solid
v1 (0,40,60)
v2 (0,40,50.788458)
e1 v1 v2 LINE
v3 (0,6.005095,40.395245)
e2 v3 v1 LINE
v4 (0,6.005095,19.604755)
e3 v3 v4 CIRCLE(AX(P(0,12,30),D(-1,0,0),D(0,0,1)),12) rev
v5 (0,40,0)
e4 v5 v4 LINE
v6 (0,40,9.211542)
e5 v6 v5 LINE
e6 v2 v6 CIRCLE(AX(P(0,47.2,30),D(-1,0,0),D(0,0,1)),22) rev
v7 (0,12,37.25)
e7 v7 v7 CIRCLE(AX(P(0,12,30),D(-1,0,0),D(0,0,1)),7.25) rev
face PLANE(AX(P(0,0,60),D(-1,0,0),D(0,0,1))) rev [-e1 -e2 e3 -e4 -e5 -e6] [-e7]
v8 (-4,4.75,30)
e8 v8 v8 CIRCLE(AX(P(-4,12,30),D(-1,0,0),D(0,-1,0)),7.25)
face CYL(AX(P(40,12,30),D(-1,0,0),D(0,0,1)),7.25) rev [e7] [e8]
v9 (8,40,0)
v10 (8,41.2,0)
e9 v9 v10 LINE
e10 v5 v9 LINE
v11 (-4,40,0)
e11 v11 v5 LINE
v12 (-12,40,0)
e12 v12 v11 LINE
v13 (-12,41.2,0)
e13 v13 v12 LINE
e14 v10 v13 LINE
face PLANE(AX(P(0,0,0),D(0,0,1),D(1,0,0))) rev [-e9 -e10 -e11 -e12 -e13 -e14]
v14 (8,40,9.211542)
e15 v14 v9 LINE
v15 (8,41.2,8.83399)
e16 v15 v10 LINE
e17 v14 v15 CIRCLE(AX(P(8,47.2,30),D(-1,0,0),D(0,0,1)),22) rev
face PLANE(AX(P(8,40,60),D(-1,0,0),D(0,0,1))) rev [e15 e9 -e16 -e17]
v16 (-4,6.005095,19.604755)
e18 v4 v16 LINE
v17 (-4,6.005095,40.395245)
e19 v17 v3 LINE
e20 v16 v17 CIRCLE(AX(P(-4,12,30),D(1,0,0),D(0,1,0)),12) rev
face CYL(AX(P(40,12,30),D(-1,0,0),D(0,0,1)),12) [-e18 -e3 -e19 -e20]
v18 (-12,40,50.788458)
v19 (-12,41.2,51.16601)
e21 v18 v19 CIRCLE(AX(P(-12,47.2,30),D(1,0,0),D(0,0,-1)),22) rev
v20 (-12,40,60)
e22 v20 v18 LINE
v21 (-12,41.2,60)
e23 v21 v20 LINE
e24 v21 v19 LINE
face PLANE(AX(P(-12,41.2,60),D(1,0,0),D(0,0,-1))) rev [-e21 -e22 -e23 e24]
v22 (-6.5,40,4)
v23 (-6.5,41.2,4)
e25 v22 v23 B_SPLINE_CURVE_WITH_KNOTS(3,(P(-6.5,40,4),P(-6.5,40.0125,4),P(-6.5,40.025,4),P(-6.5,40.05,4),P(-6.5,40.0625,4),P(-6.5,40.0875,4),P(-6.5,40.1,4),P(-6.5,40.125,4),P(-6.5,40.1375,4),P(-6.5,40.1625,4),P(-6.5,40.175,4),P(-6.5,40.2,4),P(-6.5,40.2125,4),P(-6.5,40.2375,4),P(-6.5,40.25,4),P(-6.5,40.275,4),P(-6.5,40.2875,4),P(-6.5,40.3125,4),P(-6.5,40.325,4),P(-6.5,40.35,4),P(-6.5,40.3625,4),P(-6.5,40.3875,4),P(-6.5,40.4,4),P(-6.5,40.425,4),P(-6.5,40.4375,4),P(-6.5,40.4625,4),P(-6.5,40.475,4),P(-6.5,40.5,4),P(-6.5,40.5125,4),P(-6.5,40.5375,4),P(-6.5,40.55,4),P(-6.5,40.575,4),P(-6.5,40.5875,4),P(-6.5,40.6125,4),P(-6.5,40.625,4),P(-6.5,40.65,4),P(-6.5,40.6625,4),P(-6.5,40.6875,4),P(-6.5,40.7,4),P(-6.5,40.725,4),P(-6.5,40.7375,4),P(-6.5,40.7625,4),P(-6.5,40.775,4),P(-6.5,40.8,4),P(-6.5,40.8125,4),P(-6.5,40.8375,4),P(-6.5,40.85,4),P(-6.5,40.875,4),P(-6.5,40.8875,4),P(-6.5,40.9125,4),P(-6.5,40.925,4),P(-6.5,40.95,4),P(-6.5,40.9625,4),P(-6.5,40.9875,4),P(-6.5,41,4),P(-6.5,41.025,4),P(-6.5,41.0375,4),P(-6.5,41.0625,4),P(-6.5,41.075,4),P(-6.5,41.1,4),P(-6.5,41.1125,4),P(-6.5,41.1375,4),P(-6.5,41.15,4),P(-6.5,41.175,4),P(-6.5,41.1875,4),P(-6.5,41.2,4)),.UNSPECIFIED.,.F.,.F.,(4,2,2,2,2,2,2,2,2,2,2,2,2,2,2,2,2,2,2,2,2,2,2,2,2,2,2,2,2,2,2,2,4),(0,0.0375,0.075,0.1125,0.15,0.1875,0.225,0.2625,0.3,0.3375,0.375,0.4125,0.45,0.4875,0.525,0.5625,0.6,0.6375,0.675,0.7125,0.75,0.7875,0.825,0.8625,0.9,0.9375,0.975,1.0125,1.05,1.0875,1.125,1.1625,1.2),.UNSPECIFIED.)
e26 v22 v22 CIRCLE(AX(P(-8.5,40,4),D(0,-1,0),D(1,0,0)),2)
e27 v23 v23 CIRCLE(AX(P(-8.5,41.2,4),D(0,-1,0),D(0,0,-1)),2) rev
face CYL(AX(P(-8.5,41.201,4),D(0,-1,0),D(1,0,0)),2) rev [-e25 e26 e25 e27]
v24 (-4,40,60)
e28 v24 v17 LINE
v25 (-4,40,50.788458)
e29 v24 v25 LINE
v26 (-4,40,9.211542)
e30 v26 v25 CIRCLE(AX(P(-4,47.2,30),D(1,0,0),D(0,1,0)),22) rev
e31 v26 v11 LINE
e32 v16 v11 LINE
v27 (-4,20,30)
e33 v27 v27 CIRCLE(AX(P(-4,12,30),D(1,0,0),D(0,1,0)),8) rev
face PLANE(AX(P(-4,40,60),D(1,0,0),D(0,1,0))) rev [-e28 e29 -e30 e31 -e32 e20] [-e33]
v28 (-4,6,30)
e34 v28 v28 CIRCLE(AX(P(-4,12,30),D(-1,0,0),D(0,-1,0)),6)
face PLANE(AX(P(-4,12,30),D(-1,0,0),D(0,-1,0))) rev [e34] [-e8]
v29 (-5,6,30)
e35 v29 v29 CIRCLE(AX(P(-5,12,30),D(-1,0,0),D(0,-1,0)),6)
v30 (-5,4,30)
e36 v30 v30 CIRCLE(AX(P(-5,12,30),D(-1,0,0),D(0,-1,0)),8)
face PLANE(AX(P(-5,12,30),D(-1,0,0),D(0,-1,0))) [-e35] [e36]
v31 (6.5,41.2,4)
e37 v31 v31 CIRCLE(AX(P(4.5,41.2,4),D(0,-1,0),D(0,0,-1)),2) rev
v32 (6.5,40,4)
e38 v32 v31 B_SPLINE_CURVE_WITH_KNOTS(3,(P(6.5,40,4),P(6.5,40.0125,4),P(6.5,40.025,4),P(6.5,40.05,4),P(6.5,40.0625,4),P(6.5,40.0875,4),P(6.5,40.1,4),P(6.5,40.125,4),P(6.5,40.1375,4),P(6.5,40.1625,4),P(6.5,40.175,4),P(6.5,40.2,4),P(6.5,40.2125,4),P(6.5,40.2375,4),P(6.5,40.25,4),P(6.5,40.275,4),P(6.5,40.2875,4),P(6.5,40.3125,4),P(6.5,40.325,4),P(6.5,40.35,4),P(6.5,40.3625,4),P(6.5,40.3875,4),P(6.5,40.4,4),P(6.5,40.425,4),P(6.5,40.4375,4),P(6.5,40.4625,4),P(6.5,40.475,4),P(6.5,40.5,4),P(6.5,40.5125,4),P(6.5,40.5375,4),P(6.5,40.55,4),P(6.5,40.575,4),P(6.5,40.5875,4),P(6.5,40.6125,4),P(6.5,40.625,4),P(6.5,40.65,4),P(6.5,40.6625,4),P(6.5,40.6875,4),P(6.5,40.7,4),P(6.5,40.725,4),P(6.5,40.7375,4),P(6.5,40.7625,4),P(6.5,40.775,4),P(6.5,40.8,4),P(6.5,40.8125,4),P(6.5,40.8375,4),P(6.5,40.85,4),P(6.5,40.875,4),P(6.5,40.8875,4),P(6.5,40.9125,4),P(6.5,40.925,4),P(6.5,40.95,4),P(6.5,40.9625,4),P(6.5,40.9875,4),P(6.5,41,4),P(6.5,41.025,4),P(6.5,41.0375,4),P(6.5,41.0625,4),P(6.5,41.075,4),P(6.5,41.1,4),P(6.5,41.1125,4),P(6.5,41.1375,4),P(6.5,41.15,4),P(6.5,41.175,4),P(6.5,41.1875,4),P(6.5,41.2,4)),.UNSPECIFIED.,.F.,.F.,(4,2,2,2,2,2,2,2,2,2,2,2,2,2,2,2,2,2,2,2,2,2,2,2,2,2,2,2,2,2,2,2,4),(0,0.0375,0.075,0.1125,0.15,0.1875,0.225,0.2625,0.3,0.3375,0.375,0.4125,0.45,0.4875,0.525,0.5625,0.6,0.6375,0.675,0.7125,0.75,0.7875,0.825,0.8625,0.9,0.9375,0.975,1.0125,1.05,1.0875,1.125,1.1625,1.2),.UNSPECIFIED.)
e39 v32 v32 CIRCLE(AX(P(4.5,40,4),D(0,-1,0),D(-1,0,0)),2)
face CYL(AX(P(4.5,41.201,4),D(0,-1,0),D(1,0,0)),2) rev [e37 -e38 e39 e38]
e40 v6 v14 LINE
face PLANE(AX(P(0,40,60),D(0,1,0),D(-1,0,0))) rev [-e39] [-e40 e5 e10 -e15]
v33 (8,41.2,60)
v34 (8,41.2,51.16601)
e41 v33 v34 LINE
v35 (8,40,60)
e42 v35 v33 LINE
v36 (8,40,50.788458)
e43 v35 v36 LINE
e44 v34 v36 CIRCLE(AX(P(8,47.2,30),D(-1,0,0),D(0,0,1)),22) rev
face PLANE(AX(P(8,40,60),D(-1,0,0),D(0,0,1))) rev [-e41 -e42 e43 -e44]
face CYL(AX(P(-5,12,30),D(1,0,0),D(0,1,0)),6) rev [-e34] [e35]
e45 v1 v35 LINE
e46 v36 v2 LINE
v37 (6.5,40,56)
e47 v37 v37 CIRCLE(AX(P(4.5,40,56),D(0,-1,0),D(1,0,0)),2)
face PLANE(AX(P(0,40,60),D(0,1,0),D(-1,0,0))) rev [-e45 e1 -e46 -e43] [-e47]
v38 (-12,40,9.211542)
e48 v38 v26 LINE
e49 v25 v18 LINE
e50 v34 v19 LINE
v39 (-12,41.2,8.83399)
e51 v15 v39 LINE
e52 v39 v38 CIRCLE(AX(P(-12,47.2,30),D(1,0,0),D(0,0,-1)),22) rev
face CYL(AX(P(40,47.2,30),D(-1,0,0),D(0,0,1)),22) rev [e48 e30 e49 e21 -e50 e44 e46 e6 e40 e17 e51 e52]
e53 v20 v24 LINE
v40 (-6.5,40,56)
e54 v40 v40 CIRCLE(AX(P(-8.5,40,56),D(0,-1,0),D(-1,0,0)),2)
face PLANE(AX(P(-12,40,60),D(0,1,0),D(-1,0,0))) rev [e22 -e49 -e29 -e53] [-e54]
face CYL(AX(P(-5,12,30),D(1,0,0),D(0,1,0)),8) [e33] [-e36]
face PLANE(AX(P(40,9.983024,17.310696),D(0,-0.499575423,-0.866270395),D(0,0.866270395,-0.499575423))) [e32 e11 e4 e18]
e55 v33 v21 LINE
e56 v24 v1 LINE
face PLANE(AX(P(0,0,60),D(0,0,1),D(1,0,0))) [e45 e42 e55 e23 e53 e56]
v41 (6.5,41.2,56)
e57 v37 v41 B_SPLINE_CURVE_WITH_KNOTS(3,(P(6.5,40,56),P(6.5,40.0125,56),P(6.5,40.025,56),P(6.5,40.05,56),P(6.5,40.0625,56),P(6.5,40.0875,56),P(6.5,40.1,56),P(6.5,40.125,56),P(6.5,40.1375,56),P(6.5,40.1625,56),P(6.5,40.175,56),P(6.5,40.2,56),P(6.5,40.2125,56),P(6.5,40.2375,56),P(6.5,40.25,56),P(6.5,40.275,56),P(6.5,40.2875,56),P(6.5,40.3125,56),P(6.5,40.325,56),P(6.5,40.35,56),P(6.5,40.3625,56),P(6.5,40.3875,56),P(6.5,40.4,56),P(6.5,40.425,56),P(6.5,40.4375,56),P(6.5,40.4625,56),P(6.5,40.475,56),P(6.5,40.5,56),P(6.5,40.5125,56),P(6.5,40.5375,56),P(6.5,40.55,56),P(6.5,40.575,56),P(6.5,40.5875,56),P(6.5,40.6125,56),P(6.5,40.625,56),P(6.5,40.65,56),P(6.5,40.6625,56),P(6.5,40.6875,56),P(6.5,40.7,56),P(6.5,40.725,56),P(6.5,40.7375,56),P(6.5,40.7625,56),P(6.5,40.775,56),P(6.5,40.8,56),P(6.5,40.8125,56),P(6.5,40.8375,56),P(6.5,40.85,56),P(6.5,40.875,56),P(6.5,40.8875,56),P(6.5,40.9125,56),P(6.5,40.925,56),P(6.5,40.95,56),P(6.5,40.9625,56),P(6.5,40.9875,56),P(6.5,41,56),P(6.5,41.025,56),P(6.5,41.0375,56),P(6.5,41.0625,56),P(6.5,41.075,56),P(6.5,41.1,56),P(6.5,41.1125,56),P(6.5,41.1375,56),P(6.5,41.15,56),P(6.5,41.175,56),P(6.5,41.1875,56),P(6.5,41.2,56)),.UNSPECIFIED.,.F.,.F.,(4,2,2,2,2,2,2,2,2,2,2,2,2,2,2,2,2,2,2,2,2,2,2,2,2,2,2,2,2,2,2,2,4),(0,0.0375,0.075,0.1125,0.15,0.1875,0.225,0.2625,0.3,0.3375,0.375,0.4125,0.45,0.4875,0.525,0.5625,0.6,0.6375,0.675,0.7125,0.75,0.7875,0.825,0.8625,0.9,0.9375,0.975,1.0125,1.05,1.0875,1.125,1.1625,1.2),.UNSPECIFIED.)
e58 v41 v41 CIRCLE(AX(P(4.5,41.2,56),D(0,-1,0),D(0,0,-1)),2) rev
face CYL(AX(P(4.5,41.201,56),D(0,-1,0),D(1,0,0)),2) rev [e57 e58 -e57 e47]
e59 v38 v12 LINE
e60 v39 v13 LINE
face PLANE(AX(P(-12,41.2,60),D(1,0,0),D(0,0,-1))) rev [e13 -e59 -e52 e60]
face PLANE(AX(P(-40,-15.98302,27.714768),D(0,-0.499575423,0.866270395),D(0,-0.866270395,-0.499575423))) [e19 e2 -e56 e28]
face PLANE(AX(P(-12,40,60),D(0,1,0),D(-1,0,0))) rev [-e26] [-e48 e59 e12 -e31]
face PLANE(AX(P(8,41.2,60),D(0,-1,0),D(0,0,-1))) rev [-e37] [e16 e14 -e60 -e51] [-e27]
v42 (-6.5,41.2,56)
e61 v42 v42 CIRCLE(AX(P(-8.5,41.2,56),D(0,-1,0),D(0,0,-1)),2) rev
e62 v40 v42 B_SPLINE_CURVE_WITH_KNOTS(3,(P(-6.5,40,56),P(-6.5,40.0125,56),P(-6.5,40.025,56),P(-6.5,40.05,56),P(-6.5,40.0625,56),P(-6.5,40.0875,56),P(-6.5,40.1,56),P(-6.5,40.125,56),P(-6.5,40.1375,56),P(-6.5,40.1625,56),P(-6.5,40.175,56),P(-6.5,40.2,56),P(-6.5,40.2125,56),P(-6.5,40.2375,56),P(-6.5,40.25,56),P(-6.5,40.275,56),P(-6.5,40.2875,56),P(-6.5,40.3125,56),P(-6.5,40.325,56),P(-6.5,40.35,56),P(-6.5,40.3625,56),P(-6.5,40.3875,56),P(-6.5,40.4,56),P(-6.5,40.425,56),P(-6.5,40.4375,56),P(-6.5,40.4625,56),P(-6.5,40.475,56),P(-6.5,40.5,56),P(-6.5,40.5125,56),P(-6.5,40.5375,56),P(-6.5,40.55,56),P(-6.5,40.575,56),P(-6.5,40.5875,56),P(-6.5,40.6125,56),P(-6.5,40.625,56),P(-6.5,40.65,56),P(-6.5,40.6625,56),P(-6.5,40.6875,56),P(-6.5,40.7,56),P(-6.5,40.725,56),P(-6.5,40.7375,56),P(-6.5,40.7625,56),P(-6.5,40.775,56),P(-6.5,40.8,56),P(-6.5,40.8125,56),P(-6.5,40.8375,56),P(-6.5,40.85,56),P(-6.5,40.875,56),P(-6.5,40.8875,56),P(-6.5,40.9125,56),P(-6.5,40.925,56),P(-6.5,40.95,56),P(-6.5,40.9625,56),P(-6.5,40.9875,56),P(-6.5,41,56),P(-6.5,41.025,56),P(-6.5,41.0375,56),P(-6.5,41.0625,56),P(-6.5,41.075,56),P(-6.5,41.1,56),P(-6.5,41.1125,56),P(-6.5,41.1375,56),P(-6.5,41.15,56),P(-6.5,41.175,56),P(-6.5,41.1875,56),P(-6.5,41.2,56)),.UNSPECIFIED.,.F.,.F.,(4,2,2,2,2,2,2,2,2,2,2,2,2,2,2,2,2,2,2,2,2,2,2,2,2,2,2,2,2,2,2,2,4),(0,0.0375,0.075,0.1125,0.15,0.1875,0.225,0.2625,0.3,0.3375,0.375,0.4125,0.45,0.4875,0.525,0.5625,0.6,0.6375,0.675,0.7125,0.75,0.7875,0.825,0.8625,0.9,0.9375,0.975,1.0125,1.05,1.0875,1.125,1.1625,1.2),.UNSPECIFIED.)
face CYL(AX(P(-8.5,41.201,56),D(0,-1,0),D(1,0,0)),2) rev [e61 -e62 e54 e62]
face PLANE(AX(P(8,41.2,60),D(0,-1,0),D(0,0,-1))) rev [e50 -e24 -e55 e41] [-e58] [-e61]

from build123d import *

# Parameters (mm, degrees)
EXTRUDE_1_DEPTH          = 60
CUT_EXTRUDE_1_DEPTH      = 40
CUT_EXTRUDE_1_DEPTH_BACK = 40
SKETCH_2_R               = 7.25
SKETCH_3_R               = 8
SKETCH_3_R_2             = 6
EXTRUDE_2_DEPTH          = 1
CUT_EXTRUDE_2_REACH      = 75.103
SKETCH_4_R               = 2


with BuildPart() as part:
    # 草图1 → 凸台-拉伸1 (new body)
    with BuildSketch(Plane.XY):
        Polygon((0, 0), (0, 40), (8, 40), (8, 41.2), (-12, 41.2), (-12, 40), (-4, 40), (-4, 0), align=None)
    extrude(amount=EXTRUDE_1_DEPTH)

    # 草图2 → 切除-拉伸1 (cut, two sides: drawn at the far end of the back side and taken through both)
    with BuildSketch(Plane(origin=(0, 0, 0), x_dir=(0, 0, -1), z_dir=(1, 0, 0)).offset(-CUT_EXTRUDE_1_DEPTH_BACK)):
        with BuildLine():
            ThreePointArc((-19.604755263, 6.005094925), (-23.997453078, 1.609166037), (-30, 0))
            Line((-30, 0), (0, 0))
            Line((0, 0), (0, 40))
            Line((0, 40), (-19.604755263, 6.005094925))
        make_face()
        with BuildLine():
            Line((-40.395244737, 6.005094925), (-60, 40))
            Line((-60, 40), (-60, 0))
            Line((-60, 0), (-30, 0))
            ThreePointArc((-30, 0), (-36.002546922, 1.609166037), (-40.395244737, 6.005094925))
        make_face()
        with Locations(Location((-30, 12, 0), (0, 0, 180))):
            Circle(SKETCH_2_R)
        with BuildLine():
            Line((-51.166010489, 41.2), (-8.833989511, 41.2))
            ThreePointArc((-8.833989511, 41.2), (-30, 25.2), (-51.166010489, 41.2))
        make_face()
    extrude(amount=CUT_EXTRUDE_1_DEPTH + CUT_EXTRUDE_1_DEPTH_BACK, mode=Mode.SUBTRACT)

    # 草图3 → 凸台-拉伸2 (add)
    with BuildSketch(Plane.ZY.offset(4)):
        with Locations(Location((30, 12, 0), (0, 0, 90))):
            Circle(SKETCH_3_R)
        with Locations(Location((30, 12, 0), (0, 0, 270))):
            Circle(SKETCH_3_R_2, mode=Mode.SUBTRACT)
    extrude(amount=EXTRUDE_2_DEPTH)

    # 草图4 → 切除-拉伸2 (cut, up to next)
    with BuildSketch(Plane.XZ.offset(-40), mode=Mode.PRIVATE) as cut_extrude_2_sk1:
        with Locations((-8.5, 4)):
            Circle(SKETCH_4_R)
    cut_extrude_2_tool1 = extrude(cut_extrude_2_sk1.sketch, amount=-CUT_EXTRUDE_2_REACH, mode=Mode.PRIVATE) & part.part
    # 草图4 → 切除-拉伸2 (cut, up to next)
    with BuildSketch(Plane.XZ.offset(-40), mode=Mode.PRIVATE) as cut_extrude_2_sk2:
        with Locations((4.5, 4)):
            Circle(SKETCH_4_R)
    cut_extrude_2_tool2 = extrude(cut_extrude_2_sk2.sketch, amount=-CUT_EXTRUDE_2_REACH, mode=Mode.PRIVATE) & part.part
    # 草图4 → 切除-拉伸2 (cut, up to next)
    with BuildSketch(Plane.XZ.offset(-40), mode=Mode.PRIVATE) as cut_extrude_2_sk3:
        with Locations((-8.5, 56)):
            Circle(SKETCH_4_R)
    cut_extrude_2_tool3 = extrude(cut_extrude_2_sk3.sketch, amount=-CUT_EXTRUDE_2_REACH, mode=Mode.PRIVATE) & part.part
    # 草图4 → 切除-拉伸2 (cut, up to next)
    with BuildSketch(Plane.XZ.offset(-40), mode=Mode.PRIVATE) as cut_extrude_2_sk4:
        with Locations((4.5, 56)):
            Circle(SKETCH_4_R)
    cut_extrude_2_tool4 = extrude(cut_extrude_2_sk4.sketch, amount=-CUT_EXTRUDE_2_REACH, mode=Mode.PRIVATE) & part.part
    add(cut_extrude_2_tool1.solids().sort_by_distance((-8.5, 40, 4))[0], mode=Mode.SUBTRACT)
    add(cut_extrude_2_tool2.solids().sort_by_distance((4.5, 40, 4))[0], mode=Mode.SUBTRACT)
    add(cut_extrude_2_tool3.solids().sort_by_distance((-8.5, 40, 56))[0], mode=Mode.SUBTRACT)
    add(cut_extrude_2_tool4.solids().sort_by_distance((4.5, 40, 56))[0], mode=Mode.SUBTRACT)


solid = part.part
